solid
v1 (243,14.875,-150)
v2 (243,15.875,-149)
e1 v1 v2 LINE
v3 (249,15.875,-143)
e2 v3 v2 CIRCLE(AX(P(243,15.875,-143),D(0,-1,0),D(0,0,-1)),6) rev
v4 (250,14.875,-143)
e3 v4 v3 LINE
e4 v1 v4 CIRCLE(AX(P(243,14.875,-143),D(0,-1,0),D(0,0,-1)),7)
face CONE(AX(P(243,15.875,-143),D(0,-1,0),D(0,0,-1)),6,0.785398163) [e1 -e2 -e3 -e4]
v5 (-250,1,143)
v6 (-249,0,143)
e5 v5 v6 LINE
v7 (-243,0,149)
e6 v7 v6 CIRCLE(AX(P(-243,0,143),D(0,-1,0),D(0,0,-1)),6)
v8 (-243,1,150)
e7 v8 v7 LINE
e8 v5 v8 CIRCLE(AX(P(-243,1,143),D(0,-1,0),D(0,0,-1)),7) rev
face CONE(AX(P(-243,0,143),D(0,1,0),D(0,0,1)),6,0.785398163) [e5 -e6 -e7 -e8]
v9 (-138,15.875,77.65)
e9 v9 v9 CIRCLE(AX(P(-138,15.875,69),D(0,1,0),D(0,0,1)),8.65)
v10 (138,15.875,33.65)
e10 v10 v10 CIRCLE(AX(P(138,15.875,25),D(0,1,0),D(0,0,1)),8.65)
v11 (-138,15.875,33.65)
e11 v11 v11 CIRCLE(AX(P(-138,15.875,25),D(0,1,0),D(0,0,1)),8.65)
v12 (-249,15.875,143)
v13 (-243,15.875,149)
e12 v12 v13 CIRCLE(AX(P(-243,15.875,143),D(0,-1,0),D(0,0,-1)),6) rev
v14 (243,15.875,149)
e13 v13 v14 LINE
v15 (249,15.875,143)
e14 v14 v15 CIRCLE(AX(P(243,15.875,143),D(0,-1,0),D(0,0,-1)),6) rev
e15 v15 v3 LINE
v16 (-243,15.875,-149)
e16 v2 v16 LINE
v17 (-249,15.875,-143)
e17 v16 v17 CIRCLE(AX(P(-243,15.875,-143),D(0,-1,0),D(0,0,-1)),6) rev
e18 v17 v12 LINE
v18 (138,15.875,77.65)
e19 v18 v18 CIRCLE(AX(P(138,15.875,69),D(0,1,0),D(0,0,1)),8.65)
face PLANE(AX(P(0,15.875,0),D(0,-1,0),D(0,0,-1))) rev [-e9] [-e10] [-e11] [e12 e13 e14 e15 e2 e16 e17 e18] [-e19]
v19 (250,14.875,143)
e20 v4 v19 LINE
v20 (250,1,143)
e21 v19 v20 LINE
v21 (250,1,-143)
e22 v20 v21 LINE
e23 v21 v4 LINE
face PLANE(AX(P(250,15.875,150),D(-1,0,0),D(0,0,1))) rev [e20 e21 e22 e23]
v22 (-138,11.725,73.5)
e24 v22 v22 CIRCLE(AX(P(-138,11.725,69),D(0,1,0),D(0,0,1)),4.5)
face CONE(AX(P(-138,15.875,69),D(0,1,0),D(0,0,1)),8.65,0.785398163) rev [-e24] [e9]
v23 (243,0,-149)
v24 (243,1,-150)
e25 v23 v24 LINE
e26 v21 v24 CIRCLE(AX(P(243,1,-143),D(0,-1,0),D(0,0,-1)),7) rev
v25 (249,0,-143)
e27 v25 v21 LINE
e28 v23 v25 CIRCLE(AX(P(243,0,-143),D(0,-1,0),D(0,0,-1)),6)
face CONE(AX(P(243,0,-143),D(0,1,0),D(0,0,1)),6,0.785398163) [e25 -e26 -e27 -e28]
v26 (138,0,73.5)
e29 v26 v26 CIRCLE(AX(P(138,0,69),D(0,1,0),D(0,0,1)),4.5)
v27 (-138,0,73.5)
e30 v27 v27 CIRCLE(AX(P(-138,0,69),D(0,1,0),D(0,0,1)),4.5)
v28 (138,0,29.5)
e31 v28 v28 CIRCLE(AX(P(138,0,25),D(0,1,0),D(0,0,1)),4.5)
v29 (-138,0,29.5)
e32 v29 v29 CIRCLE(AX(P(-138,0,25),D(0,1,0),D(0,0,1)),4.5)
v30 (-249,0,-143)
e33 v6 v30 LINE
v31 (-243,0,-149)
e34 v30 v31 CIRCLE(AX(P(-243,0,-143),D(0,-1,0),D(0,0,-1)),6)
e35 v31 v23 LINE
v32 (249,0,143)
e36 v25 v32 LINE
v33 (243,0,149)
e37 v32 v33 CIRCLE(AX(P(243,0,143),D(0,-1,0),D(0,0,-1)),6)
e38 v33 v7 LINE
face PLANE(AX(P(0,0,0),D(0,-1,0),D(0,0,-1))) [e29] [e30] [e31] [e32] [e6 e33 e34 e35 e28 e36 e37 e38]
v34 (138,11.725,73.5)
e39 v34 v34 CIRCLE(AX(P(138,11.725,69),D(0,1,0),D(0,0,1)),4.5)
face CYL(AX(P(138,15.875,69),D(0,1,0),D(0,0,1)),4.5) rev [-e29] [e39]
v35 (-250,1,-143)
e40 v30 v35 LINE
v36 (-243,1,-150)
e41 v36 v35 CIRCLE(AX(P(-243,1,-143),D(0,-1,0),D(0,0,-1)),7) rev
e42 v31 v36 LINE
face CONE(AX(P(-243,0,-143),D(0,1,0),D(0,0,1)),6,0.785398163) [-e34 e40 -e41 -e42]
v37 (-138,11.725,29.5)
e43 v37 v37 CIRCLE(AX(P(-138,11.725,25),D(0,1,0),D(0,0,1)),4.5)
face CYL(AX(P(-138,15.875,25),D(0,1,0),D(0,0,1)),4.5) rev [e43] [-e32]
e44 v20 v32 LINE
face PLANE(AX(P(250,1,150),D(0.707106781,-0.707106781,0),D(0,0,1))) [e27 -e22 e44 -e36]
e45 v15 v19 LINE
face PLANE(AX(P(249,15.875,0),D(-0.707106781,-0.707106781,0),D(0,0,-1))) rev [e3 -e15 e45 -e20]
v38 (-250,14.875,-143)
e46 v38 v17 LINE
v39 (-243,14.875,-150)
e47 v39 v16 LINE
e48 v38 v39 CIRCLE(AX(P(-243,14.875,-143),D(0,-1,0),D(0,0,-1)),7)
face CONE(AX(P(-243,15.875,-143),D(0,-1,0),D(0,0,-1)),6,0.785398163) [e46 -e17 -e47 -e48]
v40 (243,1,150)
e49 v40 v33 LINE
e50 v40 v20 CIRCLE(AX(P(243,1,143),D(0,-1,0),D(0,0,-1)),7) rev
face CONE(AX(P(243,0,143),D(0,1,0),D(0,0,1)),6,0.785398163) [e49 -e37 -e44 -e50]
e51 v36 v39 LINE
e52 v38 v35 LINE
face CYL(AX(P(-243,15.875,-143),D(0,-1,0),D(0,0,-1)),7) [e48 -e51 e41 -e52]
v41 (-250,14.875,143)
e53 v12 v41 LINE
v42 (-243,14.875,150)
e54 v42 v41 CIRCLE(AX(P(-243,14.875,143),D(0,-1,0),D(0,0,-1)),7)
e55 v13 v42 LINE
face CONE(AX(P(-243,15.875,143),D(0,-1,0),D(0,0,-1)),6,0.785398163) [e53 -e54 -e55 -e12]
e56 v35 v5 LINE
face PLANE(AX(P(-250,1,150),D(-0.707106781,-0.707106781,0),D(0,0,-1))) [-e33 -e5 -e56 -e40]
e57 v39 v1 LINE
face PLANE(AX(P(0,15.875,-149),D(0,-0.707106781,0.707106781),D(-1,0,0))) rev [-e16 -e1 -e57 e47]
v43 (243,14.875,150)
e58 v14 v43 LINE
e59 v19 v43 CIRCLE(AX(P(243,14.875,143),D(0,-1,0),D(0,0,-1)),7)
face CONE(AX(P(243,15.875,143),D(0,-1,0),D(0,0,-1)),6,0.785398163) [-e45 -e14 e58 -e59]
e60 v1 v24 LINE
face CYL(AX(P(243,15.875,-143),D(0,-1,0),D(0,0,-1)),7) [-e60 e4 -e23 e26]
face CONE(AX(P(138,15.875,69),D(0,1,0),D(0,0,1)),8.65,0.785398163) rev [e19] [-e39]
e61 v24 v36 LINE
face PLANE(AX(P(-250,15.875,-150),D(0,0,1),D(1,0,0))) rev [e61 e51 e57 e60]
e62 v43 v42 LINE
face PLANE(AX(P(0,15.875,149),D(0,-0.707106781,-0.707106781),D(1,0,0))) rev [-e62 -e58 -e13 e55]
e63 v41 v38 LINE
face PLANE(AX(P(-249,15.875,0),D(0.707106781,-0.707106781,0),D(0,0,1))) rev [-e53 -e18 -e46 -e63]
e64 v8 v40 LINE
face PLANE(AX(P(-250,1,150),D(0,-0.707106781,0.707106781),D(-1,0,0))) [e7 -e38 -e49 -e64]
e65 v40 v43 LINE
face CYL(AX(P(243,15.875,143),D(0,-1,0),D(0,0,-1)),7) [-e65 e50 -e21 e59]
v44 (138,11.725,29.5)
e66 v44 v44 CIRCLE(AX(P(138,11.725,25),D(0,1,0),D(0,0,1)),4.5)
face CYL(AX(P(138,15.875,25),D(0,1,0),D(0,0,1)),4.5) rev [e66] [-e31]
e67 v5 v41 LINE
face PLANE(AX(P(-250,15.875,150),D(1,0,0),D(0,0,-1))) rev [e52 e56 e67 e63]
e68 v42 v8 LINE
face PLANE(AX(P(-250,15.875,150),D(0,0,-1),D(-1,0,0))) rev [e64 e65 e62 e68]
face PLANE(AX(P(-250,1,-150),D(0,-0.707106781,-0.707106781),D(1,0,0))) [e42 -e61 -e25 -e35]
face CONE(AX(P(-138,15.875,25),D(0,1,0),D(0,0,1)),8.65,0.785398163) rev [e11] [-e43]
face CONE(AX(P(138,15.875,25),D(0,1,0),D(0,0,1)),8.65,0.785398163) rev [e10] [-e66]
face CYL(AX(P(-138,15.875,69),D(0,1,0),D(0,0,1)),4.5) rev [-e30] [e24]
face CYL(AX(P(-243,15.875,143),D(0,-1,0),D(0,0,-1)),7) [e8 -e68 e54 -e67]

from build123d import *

# Parameters (mm, degrees)
SKETCH1_W                                       = 500
SKETCH1_H                                       = 300
BOSS_EXTRUDE1_DEPTH                             = 15.875
FILLET1_R                                       = 7
CHAMFER4_SIZE                                   = 1
CSK_FOR_M8_FLAT_HEAD_MACHINE_SCREW1_D           = 9
CSK_FOR_M8_FLAT_HEAD_MACHINE_SCREW1_CSINK_D     = 17.3
CSK_FOR_M8_FLAT_HEAD_MACHINE_SCREW1_CSINK_ANGLE = 90


with BuildPart() as part:
    # Sketch1 → Boss-Extrude1 (new body)
    with BuildSketch(Plane(origin=(0, 0, 0), x_dir=(1, 0, 0), z_dir=(0, 1, 0))):
        Rectangle(SKETCH1_W, SKETCH1_H)
    extrude(amount=BOSS_EXTRUDE1_DEPTH)

    # Fillet1
    fillet1_edges = [part.edges().sort_by_distance(p)[0] for p in [
        (250, 7.9375, 150),
        (-250, 7.9375, 150),
        (-250, 7.9375, -150),
        (250, 7.9375, -150),
    ]]
    fillet(fillet1_edges, radius=FILLET1_R)

    # Chamfer4
    chamfer4_edges = [part.edges().sort_by_distance(p)[0] for p in [
        (-250, 0, 0),
        (-250, 15.875, 0),
        (250, 0, 0),
        (0, 0, 150),
        (0, 0, -150),
        (-247.949747468, 0, 147.949747468),
        (247.949747468, 0, 147.949747468),
        (247.949747468, 0, -147.949747468),
        (-247.949747468, 0, -147.949747468),
        (0, 15.875, -150),
        (250, 15.875, 0),
        (0, 15.875, 150),
        (-247.949747468, 15.875, 147.949747468),
        (247.949747468, 15.875, 147.949747468),
        (247.949747468, 15.875, -147.949747468),
        (-247.949747468, 15.875, -147.949747468),
    ]]
    chamfer(chamfer4_edges, length=CHAMFER4_SIZE)

    # CSK for M8 Flat Head Machine Screw1 (through all)
    with Locations(Plane(origin=(0, 15.875, 0), x_dir=(1, 0, 0), z_dir=(0, 1, 0))):
        with Locations((138, -25), (138, -69)):
            csk_for_m8_flat_head_machine_screw1 = CounterSinkHole(CSK_FOR_M8_FLAT_HEAD_MACHINE_SCREW1_D / 2, CSK_FOR_M8_FLAT_HEAD_MACHINE_SCREW1_CSINK_D / 2, counter_sink_angle=CSK_FOR_M8_FLAT_HEAD_MACHINE_SCREW1_CSINK_ANGLE)

    # Mirror3: CSK for M8 Flat Head Machine Screw1 across plane
    add(csk_for_m8_flat_head_machine_screw1.mirror(Plane(origin=(0, 0, 0), x_dir=(0, 0, 1), z_dir=(1, 0, 0))), mode=Mode.SUBTRACT)


solid = part.part
